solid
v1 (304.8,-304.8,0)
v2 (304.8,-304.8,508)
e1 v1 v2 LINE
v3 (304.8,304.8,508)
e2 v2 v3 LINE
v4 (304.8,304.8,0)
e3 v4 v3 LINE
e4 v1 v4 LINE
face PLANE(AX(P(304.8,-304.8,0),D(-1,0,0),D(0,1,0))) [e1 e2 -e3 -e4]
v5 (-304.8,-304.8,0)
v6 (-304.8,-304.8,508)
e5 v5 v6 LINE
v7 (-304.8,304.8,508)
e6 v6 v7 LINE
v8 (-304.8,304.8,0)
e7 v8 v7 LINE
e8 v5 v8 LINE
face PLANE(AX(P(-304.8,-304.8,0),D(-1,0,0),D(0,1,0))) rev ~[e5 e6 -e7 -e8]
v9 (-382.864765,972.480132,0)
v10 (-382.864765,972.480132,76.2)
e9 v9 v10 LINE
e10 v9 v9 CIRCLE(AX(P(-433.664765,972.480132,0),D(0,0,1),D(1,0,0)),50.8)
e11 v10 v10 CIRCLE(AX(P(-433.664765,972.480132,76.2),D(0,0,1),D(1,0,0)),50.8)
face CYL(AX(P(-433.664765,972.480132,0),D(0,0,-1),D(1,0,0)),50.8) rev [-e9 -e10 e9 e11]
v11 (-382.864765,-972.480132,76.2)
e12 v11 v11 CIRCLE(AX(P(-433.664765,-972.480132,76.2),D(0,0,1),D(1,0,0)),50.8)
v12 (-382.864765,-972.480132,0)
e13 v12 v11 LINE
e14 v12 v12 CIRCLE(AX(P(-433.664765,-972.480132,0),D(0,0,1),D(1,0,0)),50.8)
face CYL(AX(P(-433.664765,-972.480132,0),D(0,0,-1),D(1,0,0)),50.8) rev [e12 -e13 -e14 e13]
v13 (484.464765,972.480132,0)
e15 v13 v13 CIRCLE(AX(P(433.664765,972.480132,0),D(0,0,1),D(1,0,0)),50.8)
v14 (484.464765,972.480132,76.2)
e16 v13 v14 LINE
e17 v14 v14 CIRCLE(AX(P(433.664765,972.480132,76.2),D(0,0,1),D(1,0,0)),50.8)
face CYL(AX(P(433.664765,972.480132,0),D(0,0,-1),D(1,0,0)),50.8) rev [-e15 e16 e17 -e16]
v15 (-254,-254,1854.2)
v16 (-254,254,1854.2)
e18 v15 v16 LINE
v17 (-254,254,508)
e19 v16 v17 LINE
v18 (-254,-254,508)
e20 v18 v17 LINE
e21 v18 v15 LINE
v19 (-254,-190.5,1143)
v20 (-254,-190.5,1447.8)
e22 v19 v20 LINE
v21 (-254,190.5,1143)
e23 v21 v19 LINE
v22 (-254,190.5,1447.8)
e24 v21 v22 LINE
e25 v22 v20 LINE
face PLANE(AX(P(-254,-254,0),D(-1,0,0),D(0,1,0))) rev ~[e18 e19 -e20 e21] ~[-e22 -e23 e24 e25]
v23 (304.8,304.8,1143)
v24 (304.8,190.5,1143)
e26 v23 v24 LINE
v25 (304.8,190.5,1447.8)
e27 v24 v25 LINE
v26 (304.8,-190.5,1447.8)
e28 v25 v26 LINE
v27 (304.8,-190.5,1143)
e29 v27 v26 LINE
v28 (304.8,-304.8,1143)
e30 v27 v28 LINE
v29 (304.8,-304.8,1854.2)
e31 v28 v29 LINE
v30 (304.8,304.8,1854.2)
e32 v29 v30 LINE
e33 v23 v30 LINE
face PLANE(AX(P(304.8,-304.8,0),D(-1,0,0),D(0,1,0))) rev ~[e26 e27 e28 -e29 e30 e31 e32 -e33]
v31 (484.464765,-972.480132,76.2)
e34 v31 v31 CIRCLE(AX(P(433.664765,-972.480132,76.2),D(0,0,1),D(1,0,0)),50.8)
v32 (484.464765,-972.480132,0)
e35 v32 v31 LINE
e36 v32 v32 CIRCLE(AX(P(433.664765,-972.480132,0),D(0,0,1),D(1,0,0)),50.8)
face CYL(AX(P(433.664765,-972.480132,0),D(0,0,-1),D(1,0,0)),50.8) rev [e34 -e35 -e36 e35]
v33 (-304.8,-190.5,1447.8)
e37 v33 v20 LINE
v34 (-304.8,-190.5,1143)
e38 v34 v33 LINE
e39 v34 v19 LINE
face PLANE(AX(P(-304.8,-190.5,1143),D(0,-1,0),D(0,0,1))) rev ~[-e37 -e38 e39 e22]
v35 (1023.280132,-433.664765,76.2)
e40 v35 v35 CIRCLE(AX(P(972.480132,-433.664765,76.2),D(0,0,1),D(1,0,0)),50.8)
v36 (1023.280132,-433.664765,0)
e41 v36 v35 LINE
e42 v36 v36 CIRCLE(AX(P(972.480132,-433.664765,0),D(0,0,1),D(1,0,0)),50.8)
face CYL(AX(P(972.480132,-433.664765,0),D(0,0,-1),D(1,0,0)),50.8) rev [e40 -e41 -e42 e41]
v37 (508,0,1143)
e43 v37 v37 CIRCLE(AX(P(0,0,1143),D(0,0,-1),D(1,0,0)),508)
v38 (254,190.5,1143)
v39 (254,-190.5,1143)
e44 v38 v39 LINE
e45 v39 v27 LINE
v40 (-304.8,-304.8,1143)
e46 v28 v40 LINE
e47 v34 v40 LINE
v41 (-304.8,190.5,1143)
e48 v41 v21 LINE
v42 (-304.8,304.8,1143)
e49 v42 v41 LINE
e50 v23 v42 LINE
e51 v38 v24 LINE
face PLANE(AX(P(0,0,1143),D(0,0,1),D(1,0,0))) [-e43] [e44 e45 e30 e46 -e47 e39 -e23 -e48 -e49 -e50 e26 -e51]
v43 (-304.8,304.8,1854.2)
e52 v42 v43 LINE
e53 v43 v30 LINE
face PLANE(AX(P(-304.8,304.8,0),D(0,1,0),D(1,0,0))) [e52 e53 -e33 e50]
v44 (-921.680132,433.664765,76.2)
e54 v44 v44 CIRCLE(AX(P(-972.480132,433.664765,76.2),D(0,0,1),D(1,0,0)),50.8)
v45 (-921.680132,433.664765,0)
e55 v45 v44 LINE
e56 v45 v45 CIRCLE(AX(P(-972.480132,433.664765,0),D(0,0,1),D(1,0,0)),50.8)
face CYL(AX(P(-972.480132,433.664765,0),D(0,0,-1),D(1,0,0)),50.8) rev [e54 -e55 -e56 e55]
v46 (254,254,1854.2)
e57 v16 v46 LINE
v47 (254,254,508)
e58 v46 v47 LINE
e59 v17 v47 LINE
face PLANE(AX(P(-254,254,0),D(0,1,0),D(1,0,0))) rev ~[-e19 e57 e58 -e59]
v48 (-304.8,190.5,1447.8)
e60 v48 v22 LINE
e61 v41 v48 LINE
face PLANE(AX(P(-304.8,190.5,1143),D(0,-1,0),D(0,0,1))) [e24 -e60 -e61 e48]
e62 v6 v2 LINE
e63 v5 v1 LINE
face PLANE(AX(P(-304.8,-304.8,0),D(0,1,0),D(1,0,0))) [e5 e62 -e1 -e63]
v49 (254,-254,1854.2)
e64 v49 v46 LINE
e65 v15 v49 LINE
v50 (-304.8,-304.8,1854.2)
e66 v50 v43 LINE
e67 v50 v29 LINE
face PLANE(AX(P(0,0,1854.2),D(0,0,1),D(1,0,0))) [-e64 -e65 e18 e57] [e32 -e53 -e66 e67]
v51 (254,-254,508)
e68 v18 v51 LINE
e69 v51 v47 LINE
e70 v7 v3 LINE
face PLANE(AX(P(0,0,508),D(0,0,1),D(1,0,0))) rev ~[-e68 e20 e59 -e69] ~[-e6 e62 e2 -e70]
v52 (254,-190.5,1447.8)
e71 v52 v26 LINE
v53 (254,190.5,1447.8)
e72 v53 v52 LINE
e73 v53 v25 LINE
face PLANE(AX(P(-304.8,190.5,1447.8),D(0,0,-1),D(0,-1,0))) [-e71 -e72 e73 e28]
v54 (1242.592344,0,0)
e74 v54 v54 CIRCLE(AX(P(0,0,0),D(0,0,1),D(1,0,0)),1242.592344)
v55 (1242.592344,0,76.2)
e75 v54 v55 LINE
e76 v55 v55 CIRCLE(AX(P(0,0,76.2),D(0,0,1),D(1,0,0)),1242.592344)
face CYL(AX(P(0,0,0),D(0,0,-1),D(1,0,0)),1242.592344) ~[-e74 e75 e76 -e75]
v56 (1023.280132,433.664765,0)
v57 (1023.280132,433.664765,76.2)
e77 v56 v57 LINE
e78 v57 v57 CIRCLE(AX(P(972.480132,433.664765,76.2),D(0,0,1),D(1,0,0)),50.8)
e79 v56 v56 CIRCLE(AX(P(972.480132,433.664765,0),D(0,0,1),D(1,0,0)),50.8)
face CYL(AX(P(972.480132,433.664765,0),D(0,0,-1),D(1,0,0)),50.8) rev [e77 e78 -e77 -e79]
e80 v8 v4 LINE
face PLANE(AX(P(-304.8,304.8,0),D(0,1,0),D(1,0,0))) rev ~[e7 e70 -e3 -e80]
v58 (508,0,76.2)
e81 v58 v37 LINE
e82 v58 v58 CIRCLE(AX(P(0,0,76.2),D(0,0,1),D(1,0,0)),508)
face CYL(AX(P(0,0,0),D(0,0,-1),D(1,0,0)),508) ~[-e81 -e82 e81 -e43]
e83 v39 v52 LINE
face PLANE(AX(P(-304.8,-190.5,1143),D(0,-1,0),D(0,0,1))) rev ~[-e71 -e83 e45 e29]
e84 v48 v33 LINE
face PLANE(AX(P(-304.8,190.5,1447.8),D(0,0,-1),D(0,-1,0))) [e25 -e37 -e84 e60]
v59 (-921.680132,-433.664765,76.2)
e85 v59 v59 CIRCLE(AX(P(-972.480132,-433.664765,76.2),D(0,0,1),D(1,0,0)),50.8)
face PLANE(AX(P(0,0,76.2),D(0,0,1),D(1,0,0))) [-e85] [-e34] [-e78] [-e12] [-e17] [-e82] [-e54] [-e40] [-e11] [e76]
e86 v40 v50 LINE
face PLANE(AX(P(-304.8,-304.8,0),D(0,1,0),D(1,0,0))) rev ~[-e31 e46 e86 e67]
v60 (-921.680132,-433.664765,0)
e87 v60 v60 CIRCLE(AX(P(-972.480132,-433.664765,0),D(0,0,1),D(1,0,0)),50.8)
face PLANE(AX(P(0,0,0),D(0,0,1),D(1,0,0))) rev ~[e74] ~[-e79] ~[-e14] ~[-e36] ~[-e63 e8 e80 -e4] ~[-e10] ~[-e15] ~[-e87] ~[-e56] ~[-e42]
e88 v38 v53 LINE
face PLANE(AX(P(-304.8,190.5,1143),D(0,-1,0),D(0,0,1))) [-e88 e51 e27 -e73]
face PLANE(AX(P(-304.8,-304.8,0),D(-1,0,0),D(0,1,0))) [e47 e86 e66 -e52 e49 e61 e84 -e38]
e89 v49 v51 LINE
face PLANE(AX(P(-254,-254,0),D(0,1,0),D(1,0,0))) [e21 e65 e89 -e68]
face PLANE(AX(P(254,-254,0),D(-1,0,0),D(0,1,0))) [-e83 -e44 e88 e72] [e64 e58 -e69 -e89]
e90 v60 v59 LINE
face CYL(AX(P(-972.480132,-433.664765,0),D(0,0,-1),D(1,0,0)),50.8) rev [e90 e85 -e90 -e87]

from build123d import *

# Parameters (mm, degrees)
F0_R     = 1242.592344
F0_R_2   = 50.8
F0_R_3   = 508
F1_DEPTH = 76.2
F0_W     = 660.4
F0_H     = 660.4
F0_W_2   = 609.6
F0_H_2   = 609.6
F0_W_3   = 508
F0_H_3   = 508
F2_DEPTH = 1143
F3_DEPTH = 1854.2
F4_DEPTH = 2540
F5_DEPTH = 508
F6_W     = 381
F6_H     = 304.8
F7_DEPTH = 962.66


with BuildPart() as f1:
    # F0 (on Top) → F1 (new body)
    with BuildSketch(Plane.XY):
        Circle(F0_R)
        with Locations((-433.664765, -972.480132)):
            Circle(F0_R_2, mode=Mode.SUBTRACT)
        with Locations((433.664765, -972.480132)):
            Circle(F0_R_2, mode=Mode.SUBTRACT)
        with Locations((-972.480132, -433.664765)):
            Circle(F0_R_2, mode=Mode.SUBTRACT)
        Circle(F0_R_3, mode=Mode.SUBTRACT)
        with Locations((972.480132, -433.664765)):
            Circle(F0_R_2, mode=Mode.SUBTRACT)
        with Locations((-972.480132, 433.664765)):
            Circle(F0_R_2, mode=Mode.SUBTRACT)
        with Locations((-433.664765, 972.480132)):
            Circle(F0_R_2, mode=Mode.SUBTRACT)
        with Locations((433.664765, 972.480132)):
            Circle(F0_R_2, mode=Mode.SUBTRACT)
        with Locations((972.480132, 433.664765)):
            Circle(F0_R_2, mode=Mode.SUBTRACT)
    extrude(amount=F1_DEPTH)

    # F0 (on Top) → F2 (join)
    with BuildSketch(Plane.XY):
        Circle(F0_R_3)
        Rectangle(F0_W, F0_H, mode=Mode.SUBTRACT)
        Rectangle(F0_W, F0_H)
        Rectangle(F0_W_2, F0_H_2, mode=Mode.SUBTRACT)
        Rectangle(F0_W_2, F0_H_2)
        Rectangle(F0_W_3, F0_H_3, mode=Mode.SUBTRACT)
        Rectangle(F0_W_3, F0_H_3)
    extrude(amount=F2_DEPTH)

    # F0 (on Top) → F3 (join)
    with BuildSketch(Plane.XY):
        Rectangle(F0_W_2, F0_H_2)
        Rectangle(F0_W_3, F0_H_3, mode=Mode.SUBTRACT)
    extrude(amount=F3_DEPTH)

    # F0 (on Top) → F4 (cut)
    with BuildSketch(Plane.XY):
        Rectangle(F0_W_3, F0_H_3)
    extrude(amount=F4_DEPTH, mode=Mode.SUBTRACT)

    # F0 (on Top) → F5 (cut)
    with BuildSketch(Plane.XY):
        Rectangle(F0_W_2, F0_H_2)
        Rectangle(F0_W_3, F0_H_3, mode=Mode.SUBTRACT)
    extrude(amount=F5_DEPTH, mode=Mode.SUBTRACT)

    # F6 (on face) → F7 (cut)
    with BuildSketch(Plane(origin=(-304.8, 0, 0), x_dir=(0, -1, 0), z_dir=(-1, 0, 0))):
        with Locations((0, 1295.4)):
            Rectangle(F6_W, F6_H)
    extrude(amount=-F7_DEPTH, mode=Mode.SUBTRACT)


solid = f1.part
